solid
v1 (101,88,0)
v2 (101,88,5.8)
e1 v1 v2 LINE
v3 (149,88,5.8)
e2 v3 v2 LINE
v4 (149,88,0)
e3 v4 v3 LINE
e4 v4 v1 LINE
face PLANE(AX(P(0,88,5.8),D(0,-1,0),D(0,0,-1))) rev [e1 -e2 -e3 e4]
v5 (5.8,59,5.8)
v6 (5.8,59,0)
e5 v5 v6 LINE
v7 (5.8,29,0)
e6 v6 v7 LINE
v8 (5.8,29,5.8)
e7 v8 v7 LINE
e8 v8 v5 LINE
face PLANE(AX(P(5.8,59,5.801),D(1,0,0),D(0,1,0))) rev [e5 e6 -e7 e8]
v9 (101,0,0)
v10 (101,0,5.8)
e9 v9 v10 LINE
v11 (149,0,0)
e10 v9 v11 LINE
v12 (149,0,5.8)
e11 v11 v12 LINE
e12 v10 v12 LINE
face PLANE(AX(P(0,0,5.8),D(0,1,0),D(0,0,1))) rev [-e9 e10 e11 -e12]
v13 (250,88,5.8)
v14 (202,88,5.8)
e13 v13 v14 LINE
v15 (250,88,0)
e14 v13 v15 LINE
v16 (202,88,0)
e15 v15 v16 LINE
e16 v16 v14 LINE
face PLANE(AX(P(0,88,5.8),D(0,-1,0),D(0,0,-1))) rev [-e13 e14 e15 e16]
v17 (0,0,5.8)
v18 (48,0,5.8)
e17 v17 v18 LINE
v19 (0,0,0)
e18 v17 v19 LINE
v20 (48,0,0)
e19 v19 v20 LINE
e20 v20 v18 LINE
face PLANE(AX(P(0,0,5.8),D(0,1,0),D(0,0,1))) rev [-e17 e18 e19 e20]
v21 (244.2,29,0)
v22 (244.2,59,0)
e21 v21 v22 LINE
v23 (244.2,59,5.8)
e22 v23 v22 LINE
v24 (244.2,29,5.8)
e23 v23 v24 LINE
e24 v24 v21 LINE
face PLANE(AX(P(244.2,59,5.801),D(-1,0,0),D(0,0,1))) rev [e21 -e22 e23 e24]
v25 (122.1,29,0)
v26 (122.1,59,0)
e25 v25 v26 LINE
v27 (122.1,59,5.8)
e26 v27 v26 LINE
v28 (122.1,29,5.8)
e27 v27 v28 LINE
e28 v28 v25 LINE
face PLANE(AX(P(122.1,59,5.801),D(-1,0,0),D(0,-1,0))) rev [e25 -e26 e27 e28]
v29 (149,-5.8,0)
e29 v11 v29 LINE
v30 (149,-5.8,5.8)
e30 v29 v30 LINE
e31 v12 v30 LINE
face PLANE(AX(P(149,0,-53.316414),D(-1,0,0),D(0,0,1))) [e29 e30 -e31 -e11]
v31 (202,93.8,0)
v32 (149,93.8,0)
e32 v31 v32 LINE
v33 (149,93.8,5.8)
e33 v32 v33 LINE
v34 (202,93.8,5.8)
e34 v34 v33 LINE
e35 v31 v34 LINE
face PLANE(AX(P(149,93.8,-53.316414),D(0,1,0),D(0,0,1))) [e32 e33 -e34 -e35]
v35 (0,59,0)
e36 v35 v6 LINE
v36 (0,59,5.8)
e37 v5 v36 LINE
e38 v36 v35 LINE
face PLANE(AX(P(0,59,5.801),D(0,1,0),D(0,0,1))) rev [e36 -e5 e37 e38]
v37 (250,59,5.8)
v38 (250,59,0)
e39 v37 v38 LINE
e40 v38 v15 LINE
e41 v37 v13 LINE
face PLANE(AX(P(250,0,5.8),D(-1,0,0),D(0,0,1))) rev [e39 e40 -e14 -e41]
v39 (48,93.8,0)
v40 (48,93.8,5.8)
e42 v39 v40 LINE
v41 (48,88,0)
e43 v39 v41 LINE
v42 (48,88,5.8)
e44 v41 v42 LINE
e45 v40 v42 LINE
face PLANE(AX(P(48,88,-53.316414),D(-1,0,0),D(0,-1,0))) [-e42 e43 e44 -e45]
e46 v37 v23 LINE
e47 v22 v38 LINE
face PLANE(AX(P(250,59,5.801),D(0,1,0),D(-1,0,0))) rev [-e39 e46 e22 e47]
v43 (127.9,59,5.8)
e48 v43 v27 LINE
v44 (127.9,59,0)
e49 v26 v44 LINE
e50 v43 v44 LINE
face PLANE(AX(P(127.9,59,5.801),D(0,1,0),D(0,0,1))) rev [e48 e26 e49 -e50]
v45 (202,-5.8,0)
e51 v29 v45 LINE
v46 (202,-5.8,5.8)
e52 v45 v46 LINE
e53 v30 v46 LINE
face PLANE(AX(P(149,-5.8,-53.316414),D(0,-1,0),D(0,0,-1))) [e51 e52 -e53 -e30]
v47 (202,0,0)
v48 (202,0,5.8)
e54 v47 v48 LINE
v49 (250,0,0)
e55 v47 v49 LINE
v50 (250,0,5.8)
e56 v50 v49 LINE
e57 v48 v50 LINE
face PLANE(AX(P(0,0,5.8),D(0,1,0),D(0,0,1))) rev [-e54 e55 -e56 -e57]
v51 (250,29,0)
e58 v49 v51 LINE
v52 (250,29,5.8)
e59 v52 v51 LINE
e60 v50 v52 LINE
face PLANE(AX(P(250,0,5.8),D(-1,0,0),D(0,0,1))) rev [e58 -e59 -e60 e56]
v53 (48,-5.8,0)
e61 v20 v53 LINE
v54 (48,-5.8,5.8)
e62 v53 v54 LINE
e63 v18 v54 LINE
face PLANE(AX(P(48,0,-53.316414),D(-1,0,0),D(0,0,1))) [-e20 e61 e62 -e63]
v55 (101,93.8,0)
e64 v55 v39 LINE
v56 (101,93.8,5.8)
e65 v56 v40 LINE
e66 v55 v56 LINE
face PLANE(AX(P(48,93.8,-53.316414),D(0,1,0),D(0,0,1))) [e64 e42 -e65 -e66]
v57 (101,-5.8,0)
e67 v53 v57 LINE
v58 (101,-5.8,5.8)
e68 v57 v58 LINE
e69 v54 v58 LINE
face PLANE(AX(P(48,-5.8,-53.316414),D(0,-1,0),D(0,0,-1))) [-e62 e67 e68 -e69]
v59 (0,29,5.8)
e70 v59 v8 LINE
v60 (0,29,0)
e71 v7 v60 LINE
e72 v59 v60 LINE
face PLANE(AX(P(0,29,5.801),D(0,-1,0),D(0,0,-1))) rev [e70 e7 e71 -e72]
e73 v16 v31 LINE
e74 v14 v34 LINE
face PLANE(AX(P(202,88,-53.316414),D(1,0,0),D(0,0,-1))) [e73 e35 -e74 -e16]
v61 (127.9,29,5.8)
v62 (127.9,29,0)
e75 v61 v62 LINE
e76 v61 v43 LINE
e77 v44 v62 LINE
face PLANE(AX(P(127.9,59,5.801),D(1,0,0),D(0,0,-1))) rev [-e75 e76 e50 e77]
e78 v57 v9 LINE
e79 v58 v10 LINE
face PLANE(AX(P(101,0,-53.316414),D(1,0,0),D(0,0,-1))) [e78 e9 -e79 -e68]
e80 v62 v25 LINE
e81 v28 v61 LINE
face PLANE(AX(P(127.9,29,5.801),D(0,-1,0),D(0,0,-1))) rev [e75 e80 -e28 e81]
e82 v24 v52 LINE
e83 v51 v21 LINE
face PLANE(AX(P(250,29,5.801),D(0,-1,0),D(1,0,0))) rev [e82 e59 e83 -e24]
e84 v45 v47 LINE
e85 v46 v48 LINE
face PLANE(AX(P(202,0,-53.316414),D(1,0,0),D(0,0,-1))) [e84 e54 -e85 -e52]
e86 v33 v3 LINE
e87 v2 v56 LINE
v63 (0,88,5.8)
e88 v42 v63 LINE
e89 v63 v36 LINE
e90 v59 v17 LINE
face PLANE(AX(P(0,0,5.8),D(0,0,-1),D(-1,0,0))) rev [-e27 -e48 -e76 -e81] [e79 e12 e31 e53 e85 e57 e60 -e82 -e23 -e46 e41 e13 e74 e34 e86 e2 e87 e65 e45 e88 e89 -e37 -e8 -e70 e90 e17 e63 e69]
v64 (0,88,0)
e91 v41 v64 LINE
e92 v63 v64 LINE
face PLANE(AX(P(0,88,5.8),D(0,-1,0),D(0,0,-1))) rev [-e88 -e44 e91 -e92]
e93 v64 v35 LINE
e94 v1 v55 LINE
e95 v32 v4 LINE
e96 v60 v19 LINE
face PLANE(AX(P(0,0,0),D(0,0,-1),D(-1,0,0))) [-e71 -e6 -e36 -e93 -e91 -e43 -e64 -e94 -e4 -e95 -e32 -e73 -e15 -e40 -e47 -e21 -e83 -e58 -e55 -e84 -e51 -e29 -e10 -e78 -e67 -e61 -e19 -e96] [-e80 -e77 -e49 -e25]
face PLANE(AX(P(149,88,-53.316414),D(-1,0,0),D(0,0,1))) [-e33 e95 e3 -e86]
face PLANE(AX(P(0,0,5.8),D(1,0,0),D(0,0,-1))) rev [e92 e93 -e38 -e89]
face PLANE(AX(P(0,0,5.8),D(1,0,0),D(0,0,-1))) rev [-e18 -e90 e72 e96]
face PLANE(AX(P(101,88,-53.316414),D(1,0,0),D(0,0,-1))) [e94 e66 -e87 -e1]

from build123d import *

# Parameters (mm, degrees)
SKETCH_1_W          = 250
SKETCH_1_H          = 88
EXTRUDE_1_DEPTH     = 5.8
CUT_EXTRUDE_1_REACH = 267.099
SKETCH_2_W          = 5.8
SKETCH_2_H          = 30
SKETCH_3_W          = 53
SKETCH_3_H          = 5.8
EXTRUDE_2_DEPTH     = 5.8


with BuildPart() as part:
    # Эскиз1 → Бобышка-Вытянуть1 (new body)
    with BuildSketch(Plane.XY):
        with Locations((125, 44)):
            Rectangle(SKETCH_1_W, SKETCH_1_H)
    extrude(amount=EXTRUDE_1_DEPTH)

    # Эскиз2 → Вырез-Вытянуть1 (cut, up to next)
    with BuildSketch(Plane(origin=(0, 0, 0), x_dir=(-1, 0, 0), z_dir=(0, 0, -1)), mode=Mode.PRIVATE) as cut_extrude_1_sk1:
        with Locations((-247.1, 44)):
            Rectangle(SKETCH_2_W, SKETCH_2_H)
    cut_extrude_1_tool1 = extrude(cut_extrude_1_sk1.sketch, amount=-CUT_EXTRUDE_1_REACH, mode=Mode.PRIVATE) & part.part
    # Эскиз2 → Вырез-Вытянуть1 (cut, up to next)
    with BuildSketch(Plane(origin=(0, 0, 0), x_dir=(-1, 0, 0), z_dir=(0, 0, -1)), mode=Mode.PRIVATE) as cut_extrude_1_sk2:
        with Locations((-125, 44)):
            Rectangle(SKETCH_2_W, SKETCH_2_H)
    cut_extrude_1_tool2 = extrude(cut_extrude_1_sk2.sketch, amount=-CUT_EXTRUDE_1_REACH, mode=Mode.PRIVATE) & part.part
    # Эскиз2 → Вырез-Вытянуть1 (cut, up to next)
    with BuildSketch(Plane(origin=(0, 0, 0), x_dir=(-1, 0, 0), z_dir=(0, 0, -1)), mode=Mode.PRIVATE) as cut_extrude_1_sk3:
        with Locations((-2.9, 44)):
            Rectangle(SKETCH_2_W, SKETCH_2_H)
    cut_extrude_1_tool3 = extrude(cut_extrude_1_sk3.sketch, amount=-CUT_EXTRUDE_1_REACH, mode=Mode.PRIVATE) & part.part
    add(cut_extrude_1_tool1.solids().sort_by_distance((247.1, 44, 0))[0], mode=Mode.SUBTRACT)
    add(cut_extrude_1_tool2.solids().sort_by_distance((125, 44, 0))[0], mode=Mode.SUBTRACT)
    add(cut_extrude_1_tool3.solids().sort_by_distance((2.9, 44, 0))[0], mode=Mode.SUBTRACT)

    # Эскиз3 → Бобышка-Вытянуть2 (add)
    with BuildSketch(Plane.XY.offset(5.8)):
        with Locations((74.5, 90.9)):
            Rectangle(SKETCH_3_W, SKETCH_3_H)
        with Locations((175.5, 90.9)):
            Rectangle(SKETCH_3_W, SKETCH_3_H)
        with Locations((74.5, -2.9)):
            Rectangle(SKETCH_3_W, SKETCH_3_H)
        with Locations((175.5, -2.9)):
            Rectangle(SKETCH_3_W, SKETCH_3_H)
    extrude(amount=-EXTRUDE_2_DEPTH)


solid = part.part
